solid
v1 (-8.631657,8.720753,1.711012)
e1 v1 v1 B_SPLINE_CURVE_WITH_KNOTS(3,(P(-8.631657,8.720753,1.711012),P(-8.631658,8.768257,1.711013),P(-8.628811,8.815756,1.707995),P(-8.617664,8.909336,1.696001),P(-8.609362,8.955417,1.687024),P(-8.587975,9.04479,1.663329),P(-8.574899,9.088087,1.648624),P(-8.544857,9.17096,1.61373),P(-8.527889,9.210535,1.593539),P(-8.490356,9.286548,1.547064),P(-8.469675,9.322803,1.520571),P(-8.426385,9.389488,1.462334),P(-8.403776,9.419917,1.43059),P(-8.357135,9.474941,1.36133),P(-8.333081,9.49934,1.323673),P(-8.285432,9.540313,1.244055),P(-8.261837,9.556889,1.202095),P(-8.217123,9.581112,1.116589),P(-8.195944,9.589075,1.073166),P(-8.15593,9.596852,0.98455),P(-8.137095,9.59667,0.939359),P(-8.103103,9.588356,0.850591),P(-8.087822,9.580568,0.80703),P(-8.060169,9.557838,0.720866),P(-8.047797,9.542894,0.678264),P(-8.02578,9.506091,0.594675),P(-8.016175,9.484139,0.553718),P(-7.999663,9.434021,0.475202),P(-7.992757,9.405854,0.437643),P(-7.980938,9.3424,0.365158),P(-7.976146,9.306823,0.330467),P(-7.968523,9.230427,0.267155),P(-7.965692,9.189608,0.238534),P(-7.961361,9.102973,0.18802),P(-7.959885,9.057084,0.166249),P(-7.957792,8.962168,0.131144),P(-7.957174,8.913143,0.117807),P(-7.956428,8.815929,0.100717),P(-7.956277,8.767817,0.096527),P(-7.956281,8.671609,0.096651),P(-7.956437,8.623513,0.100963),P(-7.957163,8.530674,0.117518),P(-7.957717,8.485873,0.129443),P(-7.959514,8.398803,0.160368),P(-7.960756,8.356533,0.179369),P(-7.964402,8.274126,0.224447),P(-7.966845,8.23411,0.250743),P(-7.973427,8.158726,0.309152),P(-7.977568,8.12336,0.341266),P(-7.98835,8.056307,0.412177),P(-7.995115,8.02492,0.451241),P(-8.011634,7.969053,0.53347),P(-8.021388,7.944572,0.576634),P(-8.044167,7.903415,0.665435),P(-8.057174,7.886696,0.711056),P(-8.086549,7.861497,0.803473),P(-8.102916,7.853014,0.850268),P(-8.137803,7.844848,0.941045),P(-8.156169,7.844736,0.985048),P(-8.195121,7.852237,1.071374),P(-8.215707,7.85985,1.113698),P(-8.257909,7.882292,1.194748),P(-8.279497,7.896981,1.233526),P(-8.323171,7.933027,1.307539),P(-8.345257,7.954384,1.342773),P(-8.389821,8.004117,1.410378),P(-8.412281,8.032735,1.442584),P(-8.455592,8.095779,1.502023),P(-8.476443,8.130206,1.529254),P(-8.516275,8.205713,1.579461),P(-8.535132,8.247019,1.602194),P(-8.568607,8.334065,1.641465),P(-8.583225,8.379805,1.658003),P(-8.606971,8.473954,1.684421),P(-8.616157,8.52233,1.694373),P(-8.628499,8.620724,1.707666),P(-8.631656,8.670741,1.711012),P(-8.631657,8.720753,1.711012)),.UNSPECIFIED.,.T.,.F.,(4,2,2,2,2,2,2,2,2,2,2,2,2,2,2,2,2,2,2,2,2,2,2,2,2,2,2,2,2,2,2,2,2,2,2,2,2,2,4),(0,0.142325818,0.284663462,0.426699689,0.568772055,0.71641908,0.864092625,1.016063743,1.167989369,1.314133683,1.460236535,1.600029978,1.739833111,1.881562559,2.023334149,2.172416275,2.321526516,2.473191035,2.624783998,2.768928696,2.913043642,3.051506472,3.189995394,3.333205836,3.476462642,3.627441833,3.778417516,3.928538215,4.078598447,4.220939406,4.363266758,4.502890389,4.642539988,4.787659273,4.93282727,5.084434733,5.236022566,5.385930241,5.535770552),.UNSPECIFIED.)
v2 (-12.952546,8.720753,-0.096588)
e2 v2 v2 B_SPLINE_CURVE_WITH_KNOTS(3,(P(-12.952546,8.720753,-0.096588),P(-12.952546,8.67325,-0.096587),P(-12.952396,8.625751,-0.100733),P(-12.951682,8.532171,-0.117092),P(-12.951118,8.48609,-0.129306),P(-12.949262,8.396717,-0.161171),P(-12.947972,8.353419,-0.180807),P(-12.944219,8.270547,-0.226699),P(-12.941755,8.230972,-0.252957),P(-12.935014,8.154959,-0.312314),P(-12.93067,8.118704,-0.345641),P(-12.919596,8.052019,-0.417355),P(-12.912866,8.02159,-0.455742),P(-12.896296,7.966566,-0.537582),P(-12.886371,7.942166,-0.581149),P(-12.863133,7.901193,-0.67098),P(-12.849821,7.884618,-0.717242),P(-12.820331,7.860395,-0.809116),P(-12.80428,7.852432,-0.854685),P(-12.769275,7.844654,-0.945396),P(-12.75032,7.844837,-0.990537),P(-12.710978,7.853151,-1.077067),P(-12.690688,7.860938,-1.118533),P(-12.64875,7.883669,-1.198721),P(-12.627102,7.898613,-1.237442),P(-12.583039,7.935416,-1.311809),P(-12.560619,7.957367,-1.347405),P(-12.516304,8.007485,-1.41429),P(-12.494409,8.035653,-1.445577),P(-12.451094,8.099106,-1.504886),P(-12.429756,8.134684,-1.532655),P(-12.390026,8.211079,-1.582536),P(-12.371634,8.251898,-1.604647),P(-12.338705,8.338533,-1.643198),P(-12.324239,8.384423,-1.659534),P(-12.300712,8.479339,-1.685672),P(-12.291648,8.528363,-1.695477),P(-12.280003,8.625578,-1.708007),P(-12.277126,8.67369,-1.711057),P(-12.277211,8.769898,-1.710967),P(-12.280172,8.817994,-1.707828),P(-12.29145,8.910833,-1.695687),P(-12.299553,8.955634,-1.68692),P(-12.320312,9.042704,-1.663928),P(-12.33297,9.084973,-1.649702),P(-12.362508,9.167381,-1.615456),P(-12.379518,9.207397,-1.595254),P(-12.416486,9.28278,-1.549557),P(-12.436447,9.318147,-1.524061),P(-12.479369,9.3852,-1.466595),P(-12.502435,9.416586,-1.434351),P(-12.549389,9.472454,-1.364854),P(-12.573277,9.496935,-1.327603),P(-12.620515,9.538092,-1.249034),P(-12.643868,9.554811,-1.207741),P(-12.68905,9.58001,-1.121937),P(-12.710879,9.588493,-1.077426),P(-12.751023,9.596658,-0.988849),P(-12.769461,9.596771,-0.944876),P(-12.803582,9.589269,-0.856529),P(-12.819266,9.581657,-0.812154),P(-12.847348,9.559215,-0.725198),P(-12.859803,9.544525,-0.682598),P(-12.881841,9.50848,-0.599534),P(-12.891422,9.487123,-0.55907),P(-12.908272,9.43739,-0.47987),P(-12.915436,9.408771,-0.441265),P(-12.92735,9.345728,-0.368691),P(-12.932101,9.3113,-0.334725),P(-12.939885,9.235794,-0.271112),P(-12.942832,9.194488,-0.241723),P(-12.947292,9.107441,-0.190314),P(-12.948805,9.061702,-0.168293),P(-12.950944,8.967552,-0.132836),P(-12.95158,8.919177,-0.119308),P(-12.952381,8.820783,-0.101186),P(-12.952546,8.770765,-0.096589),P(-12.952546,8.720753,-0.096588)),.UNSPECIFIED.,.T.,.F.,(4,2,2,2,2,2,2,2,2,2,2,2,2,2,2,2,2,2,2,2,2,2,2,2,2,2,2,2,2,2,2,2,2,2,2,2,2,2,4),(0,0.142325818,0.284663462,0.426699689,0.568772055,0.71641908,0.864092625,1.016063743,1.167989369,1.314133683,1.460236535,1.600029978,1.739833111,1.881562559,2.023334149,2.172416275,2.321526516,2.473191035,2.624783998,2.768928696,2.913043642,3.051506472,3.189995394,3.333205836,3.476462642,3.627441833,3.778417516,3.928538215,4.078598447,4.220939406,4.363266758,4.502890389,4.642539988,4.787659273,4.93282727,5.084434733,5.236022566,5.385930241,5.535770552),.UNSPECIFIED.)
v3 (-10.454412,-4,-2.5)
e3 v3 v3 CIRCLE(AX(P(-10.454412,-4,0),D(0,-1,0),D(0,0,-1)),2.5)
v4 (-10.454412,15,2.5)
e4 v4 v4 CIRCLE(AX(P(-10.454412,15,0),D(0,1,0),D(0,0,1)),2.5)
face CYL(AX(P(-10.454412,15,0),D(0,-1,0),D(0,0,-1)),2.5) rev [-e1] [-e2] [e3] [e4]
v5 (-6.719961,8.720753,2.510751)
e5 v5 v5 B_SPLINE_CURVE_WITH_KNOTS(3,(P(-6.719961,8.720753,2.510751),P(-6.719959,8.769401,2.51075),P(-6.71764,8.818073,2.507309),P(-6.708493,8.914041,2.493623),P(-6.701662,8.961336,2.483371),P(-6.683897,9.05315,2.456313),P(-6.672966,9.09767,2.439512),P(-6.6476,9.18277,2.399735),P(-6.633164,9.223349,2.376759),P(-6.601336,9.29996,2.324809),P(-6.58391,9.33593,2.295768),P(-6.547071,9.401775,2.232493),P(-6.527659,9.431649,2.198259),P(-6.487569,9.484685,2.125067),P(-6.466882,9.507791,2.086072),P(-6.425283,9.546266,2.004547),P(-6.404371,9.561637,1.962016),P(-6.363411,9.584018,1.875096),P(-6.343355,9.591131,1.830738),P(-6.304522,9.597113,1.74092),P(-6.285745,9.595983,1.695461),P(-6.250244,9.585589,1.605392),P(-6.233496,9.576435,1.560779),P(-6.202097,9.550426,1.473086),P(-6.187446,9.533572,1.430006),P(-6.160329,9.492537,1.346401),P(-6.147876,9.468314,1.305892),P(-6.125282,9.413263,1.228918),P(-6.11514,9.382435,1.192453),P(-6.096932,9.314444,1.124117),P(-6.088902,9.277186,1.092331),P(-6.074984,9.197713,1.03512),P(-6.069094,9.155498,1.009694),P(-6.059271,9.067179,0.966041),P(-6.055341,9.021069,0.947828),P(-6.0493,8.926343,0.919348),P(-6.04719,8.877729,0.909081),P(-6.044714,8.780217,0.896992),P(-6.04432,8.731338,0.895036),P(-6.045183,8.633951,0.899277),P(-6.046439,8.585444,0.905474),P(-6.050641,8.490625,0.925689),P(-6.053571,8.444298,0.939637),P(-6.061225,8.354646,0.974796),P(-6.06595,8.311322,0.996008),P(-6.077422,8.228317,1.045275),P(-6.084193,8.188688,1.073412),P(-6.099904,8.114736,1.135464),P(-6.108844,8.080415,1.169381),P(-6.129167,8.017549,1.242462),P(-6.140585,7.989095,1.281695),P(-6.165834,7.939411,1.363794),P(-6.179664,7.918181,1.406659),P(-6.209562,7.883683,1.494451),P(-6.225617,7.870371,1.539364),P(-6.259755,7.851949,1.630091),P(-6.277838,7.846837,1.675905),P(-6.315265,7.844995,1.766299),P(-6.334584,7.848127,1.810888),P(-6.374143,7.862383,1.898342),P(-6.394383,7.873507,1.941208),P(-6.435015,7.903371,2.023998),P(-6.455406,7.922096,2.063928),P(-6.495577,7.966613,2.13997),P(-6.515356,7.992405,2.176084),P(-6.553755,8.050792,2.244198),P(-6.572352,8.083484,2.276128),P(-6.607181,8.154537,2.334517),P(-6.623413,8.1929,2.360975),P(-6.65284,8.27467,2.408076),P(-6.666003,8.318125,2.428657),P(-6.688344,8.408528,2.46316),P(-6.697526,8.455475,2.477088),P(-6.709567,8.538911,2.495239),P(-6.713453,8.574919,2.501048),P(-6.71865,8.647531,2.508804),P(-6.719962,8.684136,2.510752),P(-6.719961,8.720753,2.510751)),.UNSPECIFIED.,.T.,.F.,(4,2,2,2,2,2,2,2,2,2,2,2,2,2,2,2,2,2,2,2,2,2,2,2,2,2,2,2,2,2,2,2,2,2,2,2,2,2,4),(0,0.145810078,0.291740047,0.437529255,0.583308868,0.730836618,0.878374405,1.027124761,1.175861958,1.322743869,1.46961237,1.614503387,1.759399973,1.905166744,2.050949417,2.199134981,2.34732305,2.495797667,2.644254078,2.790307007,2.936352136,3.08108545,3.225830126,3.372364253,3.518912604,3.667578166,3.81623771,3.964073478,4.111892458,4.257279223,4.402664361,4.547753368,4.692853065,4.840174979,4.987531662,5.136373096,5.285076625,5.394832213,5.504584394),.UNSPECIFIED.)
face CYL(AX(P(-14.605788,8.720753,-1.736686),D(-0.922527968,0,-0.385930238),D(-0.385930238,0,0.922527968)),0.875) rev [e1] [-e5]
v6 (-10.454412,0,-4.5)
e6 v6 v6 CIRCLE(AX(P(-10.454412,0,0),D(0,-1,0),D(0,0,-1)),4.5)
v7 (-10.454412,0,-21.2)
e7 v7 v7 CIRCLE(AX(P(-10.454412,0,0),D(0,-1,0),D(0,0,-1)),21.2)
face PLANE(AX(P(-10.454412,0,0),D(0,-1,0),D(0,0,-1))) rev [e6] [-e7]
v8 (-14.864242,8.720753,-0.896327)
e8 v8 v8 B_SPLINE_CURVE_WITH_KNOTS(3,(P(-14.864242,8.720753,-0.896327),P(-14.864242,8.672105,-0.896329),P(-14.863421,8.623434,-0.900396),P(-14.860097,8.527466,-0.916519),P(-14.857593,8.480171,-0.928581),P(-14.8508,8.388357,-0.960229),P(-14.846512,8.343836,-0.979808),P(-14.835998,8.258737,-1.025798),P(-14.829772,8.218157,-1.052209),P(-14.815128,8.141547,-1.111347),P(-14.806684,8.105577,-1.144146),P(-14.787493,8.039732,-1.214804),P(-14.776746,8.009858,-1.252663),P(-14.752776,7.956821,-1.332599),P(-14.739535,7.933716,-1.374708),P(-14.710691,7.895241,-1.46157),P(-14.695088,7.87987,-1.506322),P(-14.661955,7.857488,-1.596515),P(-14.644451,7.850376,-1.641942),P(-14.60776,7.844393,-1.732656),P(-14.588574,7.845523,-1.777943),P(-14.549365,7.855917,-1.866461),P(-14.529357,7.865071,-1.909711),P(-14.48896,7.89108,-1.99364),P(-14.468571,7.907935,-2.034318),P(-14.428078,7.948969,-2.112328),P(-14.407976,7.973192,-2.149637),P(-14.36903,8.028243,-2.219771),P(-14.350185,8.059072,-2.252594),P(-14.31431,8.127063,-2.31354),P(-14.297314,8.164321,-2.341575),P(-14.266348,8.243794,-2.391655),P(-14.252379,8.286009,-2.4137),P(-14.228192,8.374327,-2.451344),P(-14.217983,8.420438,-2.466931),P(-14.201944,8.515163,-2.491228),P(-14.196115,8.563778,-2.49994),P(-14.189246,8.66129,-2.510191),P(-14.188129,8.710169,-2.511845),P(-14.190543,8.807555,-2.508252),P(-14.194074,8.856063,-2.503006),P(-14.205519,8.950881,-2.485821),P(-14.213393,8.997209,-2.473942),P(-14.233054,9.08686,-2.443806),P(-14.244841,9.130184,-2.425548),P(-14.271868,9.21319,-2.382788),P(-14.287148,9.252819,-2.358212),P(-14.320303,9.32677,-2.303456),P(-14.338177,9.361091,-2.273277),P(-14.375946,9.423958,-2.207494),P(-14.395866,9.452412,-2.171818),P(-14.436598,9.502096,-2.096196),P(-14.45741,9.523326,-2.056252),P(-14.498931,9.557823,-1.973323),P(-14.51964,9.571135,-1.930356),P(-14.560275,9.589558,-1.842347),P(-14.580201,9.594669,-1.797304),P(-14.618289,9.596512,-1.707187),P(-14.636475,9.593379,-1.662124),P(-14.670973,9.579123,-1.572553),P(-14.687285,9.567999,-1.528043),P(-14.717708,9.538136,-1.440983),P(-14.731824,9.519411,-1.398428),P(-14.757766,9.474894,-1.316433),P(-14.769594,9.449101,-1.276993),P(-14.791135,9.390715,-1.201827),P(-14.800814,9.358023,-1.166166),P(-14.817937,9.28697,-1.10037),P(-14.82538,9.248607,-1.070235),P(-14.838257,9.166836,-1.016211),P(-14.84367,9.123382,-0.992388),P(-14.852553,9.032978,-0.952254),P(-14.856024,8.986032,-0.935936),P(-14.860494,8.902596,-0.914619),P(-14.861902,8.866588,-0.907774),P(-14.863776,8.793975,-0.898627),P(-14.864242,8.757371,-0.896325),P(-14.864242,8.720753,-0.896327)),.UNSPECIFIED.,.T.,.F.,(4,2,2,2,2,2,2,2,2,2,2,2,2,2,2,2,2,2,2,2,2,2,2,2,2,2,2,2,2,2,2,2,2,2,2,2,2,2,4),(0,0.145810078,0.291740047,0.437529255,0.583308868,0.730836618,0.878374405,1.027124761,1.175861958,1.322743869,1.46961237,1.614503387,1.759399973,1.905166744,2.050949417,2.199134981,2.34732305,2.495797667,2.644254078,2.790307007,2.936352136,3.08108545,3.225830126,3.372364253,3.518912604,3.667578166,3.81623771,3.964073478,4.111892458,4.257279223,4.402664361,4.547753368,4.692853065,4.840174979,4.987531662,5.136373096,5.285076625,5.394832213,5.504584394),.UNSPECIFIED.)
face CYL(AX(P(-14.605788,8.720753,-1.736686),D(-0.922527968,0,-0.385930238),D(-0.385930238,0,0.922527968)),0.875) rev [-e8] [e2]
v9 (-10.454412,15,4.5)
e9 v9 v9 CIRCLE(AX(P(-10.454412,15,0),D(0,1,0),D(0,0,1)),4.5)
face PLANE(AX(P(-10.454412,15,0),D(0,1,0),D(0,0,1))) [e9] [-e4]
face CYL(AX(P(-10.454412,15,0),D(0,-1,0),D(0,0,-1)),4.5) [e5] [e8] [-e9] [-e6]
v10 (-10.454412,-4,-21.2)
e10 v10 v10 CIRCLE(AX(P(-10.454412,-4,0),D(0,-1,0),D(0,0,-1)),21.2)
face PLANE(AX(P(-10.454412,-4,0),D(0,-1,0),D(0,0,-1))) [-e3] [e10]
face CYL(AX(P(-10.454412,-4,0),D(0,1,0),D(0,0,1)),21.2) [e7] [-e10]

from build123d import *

# Parameters (mm, degrees)
CROQUIS1_R                       = 4.5
CROQUIS1_R_2                     = 2.5
SALIENTE_EXTRUIR1_DEPTH          = 15
CROQUIS2_R                       = 21.2
SALIENTE_EXTRUIR2_DEPTH          = 4
CROQUIS4_R                       = 2.5
CORTAR_EXTRUIR1_DEPTH            = 4
TALADRO_ROSCADO_M2_2X0_451_D     = 1.75
TALADRO_ROSCADO_M2_2X0_451_DEPTH = 31.5
TALADRO_ROSCADO_M2_2X0_451_TIP   = 0.525753042


with BuildPart() as part:
    # Croquis1 → Saliente-Extruir1 (new body)
    with BuildSketch(Plane(origin=(0, 0, 0), x_dir=(1, 0, 0), z_dir=(0, 1, 0))):
        with Locations(Location((-10.454412373, 0, 0), (0, 0, 270))):
            Circle(CROQUIS1_R)
        with Locations(Location((-10.454412373, 0, 0), (0, 0, 270))):
            Circle(CROQUIS1_R_2, mode=Mode.SUBTRACT)
    extrude(amount=SALIENTE_EXTRUIR1_DEPTH)

    # Croquis2 → Saliente-Extruir2 (add)
    with BuildSketch(Plane.XZ):
        with Locations(Location((-10.454412373, 0, 0), (0, 0, 270))):
            Circle(CROQUIS2_R)
    extrude(amount=SALIENTE_EXTRUIR2_DEPTH)

    # Croquis4 → Cortar-Extruir1 (cut)
    with BuildSketch(Plane.XZ.offset(4)):
        with Locations(Location((-10.454412373, 0, 0), (0, 0, 270))):
            Circle(CROQUIS4_R)
    extrude(amount=-CORTAR_EXTRUIR1_DEPTH, mode=Mode.SUBTRACT)

    # Taladro roscado M2.2x0.451
    with Locations(Plane(origin=(-14.605788229, 8.720753341, -1.73668607), x_dir=(0.385930237887, 0, -0.92252796786), z_dir=(-0.92252796786, 0, -0.385930237887))):
        with Locations((1e-09, 0)):
            Hole(TALADRO_ROSCADO_M2_2X0_451_D / 2, depth=TALADRO_ROSCADO_M2_2X0_451_DEPTH)
            with Locations((0, 0, -(TALADRO_ROSCADO_M2_2X0_451_DEPTH + TALADRO_ROSCADO_M2_2X0_451_TIP / 2))):  # 118° drill point
                Cone(0, TALADRO_ROSCADO_M2_2X0_451_D / 2, TALADRO_ROSCADO_M2_2X0_451_TIP, mode=Mode.SUBTRACT)


solid = part.part
